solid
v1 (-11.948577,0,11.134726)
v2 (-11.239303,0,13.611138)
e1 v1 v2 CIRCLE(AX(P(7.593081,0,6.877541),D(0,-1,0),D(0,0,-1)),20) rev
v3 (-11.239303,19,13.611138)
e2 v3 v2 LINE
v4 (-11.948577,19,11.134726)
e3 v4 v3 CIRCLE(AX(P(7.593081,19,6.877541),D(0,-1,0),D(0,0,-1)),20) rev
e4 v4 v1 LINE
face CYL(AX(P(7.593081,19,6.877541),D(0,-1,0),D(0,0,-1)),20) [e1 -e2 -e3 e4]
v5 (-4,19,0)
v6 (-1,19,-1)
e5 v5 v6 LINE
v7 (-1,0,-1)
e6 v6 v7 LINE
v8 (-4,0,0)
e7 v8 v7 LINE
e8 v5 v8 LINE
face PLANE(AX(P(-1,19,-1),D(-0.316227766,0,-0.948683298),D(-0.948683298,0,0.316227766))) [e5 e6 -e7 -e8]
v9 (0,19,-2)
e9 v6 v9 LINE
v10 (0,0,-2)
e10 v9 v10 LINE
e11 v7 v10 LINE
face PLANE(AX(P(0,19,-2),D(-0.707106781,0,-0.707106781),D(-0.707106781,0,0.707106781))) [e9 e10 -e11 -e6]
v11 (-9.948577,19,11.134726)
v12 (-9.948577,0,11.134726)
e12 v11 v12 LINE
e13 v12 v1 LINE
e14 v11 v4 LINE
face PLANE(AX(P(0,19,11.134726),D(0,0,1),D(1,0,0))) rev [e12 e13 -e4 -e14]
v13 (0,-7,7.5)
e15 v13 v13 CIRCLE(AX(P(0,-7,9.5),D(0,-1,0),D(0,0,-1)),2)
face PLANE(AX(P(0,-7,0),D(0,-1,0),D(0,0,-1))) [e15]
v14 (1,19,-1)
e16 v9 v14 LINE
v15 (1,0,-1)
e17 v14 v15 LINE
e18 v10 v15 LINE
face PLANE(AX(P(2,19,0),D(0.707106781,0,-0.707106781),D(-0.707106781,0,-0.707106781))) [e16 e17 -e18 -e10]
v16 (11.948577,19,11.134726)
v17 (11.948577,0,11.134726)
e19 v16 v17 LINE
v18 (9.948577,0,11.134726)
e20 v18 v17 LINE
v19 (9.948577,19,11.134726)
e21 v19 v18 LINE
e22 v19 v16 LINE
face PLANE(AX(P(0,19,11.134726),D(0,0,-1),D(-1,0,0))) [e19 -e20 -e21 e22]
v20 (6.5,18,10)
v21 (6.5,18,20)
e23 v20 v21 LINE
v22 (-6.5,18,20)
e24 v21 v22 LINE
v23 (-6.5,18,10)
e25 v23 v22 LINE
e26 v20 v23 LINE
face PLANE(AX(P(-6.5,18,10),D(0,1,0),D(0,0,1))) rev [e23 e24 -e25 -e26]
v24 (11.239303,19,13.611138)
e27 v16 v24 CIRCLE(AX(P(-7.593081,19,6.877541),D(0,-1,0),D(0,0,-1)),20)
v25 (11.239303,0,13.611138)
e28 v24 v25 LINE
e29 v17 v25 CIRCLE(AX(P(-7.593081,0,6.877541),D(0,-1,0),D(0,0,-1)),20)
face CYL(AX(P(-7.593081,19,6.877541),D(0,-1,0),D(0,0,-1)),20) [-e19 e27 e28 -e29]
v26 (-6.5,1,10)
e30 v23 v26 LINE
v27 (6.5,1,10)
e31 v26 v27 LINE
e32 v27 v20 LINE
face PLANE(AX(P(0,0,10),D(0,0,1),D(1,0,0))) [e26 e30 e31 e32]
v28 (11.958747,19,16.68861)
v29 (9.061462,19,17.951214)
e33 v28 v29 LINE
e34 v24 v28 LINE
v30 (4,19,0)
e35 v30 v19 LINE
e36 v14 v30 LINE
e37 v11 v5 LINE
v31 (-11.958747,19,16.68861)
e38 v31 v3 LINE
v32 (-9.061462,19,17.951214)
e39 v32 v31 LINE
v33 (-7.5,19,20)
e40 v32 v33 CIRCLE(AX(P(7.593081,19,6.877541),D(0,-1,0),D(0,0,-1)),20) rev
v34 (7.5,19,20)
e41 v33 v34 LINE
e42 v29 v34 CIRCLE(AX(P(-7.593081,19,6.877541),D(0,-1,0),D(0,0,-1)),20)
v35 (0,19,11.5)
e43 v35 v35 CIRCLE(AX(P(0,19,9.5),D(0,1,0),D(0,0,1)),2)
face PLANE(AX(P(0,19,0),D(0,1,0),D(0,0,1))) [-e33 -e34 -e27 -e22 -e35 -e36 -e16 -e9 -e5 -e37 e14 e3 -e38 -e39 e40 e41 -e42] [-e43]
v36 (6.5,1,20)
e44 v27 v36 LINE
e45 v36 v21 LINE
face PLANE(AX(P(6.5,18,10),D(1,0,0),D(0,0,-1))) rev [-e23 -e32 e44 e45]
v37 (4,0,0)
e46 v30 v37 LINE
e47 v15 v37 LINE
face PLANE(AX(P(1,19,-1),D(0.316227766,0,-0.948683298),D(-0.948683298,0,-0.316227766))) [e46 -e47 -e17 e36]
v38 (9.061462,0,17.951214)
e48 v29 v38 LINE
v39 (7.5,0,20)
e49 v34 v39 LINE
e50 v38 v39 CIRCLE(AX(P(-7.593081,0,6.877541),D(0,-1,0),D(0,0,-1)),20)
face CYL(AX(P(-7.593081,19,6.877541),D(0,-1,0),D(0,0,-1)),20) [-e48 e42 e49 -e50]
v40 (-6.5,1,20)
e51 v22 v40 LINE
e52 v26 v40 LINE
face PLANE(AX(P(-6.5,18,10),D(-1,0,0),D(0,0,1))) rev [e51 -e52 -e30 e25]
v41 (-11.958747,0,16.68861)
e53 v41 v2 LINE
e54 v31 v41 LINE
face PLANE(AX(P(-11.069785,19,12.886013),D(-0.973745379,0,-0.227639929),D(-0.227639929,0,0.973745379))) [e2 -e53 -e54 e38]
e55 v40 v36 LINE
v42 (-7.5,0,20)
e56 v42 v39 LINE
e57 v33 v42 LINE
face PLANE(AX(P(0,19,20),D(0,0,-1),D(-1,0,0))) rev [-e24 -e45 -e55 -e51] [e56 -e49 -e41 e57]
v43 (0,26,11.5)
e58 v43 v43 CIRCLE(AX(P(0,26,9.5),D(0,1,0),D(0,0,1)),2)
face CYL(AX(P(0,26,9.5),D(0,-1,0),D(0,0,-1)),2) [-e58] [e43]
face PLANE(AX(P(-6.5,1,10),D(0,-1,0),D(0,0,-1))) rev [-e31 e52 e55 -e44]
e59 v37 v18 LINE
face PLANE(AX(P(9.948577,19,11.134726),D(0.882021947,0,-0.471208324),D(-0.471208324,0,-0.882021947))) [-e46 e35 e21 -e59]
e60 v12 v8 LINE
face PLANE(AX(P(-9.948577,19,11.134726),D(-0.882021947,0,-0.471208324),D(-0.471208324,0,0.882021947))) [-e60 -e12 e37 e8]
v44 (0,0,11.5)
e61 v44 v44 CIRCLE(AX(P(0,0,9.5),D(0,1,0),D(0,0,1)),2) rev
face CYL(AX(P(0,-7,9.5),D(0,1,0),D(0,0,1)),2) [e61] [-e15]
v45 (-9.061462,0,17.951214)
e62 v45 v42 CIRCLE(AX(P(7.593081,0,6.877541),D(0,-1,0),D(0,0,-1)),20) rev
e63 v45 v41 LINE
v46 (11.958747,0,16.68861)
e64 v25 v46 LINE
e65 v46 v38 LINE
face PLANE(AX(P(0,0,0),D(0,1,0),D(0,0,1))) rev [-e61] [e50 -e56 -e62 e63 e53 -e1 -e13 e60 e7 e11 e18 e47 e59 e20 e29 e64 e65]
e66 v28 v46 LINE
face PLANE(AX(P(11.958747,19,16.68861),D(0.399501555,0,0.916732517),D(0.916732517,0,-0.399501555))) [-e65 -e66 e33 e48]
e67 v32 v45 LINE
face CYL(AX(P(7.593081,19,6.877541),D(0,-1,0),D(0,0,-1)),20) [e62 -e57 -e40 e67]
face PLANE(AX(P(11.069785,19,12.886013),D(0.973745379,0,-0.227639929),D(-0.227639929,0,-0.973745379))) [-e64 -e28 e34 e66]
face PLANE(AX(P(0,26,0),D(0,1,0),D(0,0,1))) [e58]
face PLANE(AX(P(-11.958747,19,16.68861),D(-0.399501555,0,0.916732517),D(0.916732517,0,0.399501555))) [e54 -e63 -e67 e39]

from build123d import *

# Parameters (mm, degrees)
BOSS_EXTRUDE1_DEPTH = 19
BOSS_EXTRUDE2_DEPTH = 7
BOSS_EXTRUDE3_DEPTH = 7
BOSS_EXTRUDE4_DEPTH = 19
CUT_EXTRUDE1_DEPTH  = 19
CUT_EXTRUDE2_DEPTH  = 19
BOSS_EXTRUDE5_DEPTH = 19
BOSS_EXTRUDE6_DEPTH = 19
BOSS_EXTRUDE7_DEPTH = 19
BOSS_EXTRUDE8_DEPTH = 19
BOSS_EXTRUDE9_DEPTH = 19
SKETCH14_W          = 13
SKETCH14_H          = 17
CUT_EXTRUDE3_DEPTH  = 10


with BuildPart() as part:
    # Sketch1 → Boss-Extrude1 (new body)
    with BuildSketch(Plane(origin=(0, 0, 0), x_dir=(1, 0, 0), z_dir=(0, 1, 0))):
        Polygon((4, 0), (7.5, -20), (-7.5, -20), (-4, 0), align=None)
        Polygon((-7.5, -20), (-5.948577014, -11.134725796), (-10.948577014, -11.134725796), (-9.949358248, -13.703422483), (-9.224288507, -15.567362898), (-8.499218766, -17.431303313), align=None)
        Polygon((-9.224288507, -15.567362898), (-9.949358248, -13.703422483), (-11.088228922, -16.292432639), align=None)
        Polygon((-11.088228922, -16.292432639), (-8.499218766, -17.431303313), (-9.224288507, -15.567362898), align=None)
        Polygon((5.948577014, -11.134725796), (7.5, -20), (8.499218766, -17.431303313), (9.224288507, -15.567362898), (9.949358248, -13.703422483), (10.948577014, -11.134725796), align=None)
        Polygon((9.949358248, -13.703422483), (9.224288507, -15.567362898), (11.088228922, -16.292432639), align=None)
        Polygon((9.224288507, -15.567362898), (8.499218766, -17.431303313), (11.088228922, -16.292432639), align=None)
        Polygon((0, 1), (-2, 0), (2, 0), align=None)
    extrude(amount=BOSS_EXTRUDE1_DEPTH)

    # Sketch2 → Boss-Extrude2 (add)
    with BuildSketch(Plane(origin=(0, 19, 0), x_dir=(1, 0, 0), z_dir=(0, 1, 0))):
        with BuildLine():
            ThreePointArc((2, -9.5), (1.414213562, -8.085786438), (0, -7.5))
            Line((0, -7.5), (0, -11.5))
            ThreePointArc((0, -11.5), (1.414213562, -10.914213562), (2, -9.5))
        make_face()
        with BuildLine():
            Line((0, -11.5), (0, -7.5))
            ThreePointArc((0, -7.5), (-2, -9.5), (0, -11.5))
        make_face()
    extrude(amount=BOSS_EXTRUDE2_DEPTH)

    # Sketch3 → Boss-Extrude3 (add)
    with BuildSketch(Plane.XZ):
        with BuildLine():
            ThreePointArc((0, 11.5), (-2, 9.5), (0, 7.5))
            Line((0, 7.5), (0, 11.5))
        make_face()
        with BuildLine():
            Line((0, 11.5), (0, 7.5))
            ThreePointArc((0, 7.5), (1.414213562, 8.085786438), (2, 9.5))
            ThreePointArc((2, 9.5), (1.414213562, 10.914213562), (0, 11.5))
        make_face()
    extrude(amount=BOSS_EXTRUDE3_DEPTH)

    # Sketch4 → Boss-Extrude4 (add)
    with BuildSketch(Plane.XZ):
        Polygon((9.948577014, 11.134725796), (4, 0), (5.948577014, 11.134725796), align=None)
        Polygon((-5.948577014, 11.134725796), (-9.948577014, 11.134725796), (-4, 0), align=None)
    extrude(amount=-BOSS_EXTRUDE4_DEPTH)

    # Sketch5 → Cut-Extrude1 (cut)
    with BuildSketch(Plane.XZ):
        Polygon((9.949358248, 13.703422483), (8.499218766, 17.431303313), (11.088228922, 16.292432639), align=None)
    extrude(amount=-CUT_EXTRUDE1_DEPTH, mode=Mode.SUBTRACT)

    # Sketch6 → Cut-Extrude2 (cut)
    with BuildSketch(Plane.XZ):
        Polygon((-9.949358248, 13.703422483), (-8.499218766, 17.431303313), (-11.088228922, 16.292432639), align=None)
    extrude(amount=-CUT_EXTRUDE2_DEPTH, mode=Mode.SUBTRACT)

    # Sketch7 → Boss-Extrude5 (add)
    with BuildSketch(Plane.XZ):
        Polygon((10.948577014, 11.134725796), (11.948577014, 11.134725796), (7.5, 20), align=None)
        Polygon((-11.948577014, 11.134725796), (-7.5, 20), (-10.948577014, 11.134725796), align=None)
    extrude(amount=-BOSS_EXTRUDE5_DEPTH)

    # Sketch8 → Boss-Extrude6 (add)
    with BuildSketch(Plane.XZ):
        Polygon((2, 0), (0, -2), (-2, 0), (0, -1), align=None)
    extrude(amount=-BOSS_EXTRUDE6_DEPTH)

    # Sketch9 → Boss-Extrude7 (add)
    with BuildSketch(Plane.XZ):
        Polygon((-1, -1), (-4, 0), (-2, 0), align=None)
        Polygon((1, -1), (4, 0), (2, 0), align=None)
    extrude(amount=-BOSS_EXTRUDE7_DEPTH)

    # Sketch10 → Boss-Extrude8 (add)
    with BuildSketch(Plane.XZ):
        Polygon((11.069784798, 12.886012542), (11.958747137, 16.688609807), (8.378792216, 18.248713254), align=None)
        Polygon((-8.378792216, 18.248713254), (-11.069784798, 12.886012542), (-11.958747137, 16.688609807), align=None)
    extrude(amount=-BOSS_EXTRUDE8_DEPTH)

    # Sketch13 → Boss-Extrude9 (add)
    with BuildSketch(Plane.XZ):
        with BuildLine():
            Line((11.069784798, 12.886012542), (11.948577014, 11.134725796))
            ThreePointArc((11.948577014, 11.134725796), (11.633851427, 12.384363188), (11.239303029, 13.61113838))
            Line((11.239303029, 13.61113838), (11.069784798, 12.886012542))
        make_face()
        with BuildLine():
            Line((7.5, 20), (8.378792216, 18.248713254))
            Line((8.378792216, 18.248713254), (9.061461884, 17.951213613))
            ThreePointArc((9.061461884, 17.951213613), (8.313750457, 19.000772297), (7.5, 20))
        make_face()
        with BuildLine():
            Line((-9.061461884, 17.951213613), (-8.378792216, 18.248713254))
            Line((-8.378792216, 18.248713254), (-7.5, 20))
            ThreePointArc((-7.5, 20), (-8.313750457, 19.000772297), (-9.061461884, 17.951213613))
        make_face()
        with BuildLine():
            ThreePointArc((-11.239303029, 13.61113838), (-11.633851427, 12.384363188), (-11.948577014, 11.134725796))
            Line((-11.948577014, 11.134725796), (-11.069784798, 12.886012542))
            Line((-11.069784798, 12.886012542), (-11.239303029, 13.61113838))
        make_face()
    extrude(amount=-BOSS_EXTRUDE9_DEPTH)

    # Sketch14 → Cut-Extrude3 (cut)
    with BuildSketch(Plane.XY.offset(20)):
        with Locations((0, 9.5)):
            Rectangle(SKETCH14_W, SKETCH14_H)
    extrude(amount=-CUT_EXTRUDE3_DEPTH, mode=Mode.SUBTRACT)


solid = part.part
